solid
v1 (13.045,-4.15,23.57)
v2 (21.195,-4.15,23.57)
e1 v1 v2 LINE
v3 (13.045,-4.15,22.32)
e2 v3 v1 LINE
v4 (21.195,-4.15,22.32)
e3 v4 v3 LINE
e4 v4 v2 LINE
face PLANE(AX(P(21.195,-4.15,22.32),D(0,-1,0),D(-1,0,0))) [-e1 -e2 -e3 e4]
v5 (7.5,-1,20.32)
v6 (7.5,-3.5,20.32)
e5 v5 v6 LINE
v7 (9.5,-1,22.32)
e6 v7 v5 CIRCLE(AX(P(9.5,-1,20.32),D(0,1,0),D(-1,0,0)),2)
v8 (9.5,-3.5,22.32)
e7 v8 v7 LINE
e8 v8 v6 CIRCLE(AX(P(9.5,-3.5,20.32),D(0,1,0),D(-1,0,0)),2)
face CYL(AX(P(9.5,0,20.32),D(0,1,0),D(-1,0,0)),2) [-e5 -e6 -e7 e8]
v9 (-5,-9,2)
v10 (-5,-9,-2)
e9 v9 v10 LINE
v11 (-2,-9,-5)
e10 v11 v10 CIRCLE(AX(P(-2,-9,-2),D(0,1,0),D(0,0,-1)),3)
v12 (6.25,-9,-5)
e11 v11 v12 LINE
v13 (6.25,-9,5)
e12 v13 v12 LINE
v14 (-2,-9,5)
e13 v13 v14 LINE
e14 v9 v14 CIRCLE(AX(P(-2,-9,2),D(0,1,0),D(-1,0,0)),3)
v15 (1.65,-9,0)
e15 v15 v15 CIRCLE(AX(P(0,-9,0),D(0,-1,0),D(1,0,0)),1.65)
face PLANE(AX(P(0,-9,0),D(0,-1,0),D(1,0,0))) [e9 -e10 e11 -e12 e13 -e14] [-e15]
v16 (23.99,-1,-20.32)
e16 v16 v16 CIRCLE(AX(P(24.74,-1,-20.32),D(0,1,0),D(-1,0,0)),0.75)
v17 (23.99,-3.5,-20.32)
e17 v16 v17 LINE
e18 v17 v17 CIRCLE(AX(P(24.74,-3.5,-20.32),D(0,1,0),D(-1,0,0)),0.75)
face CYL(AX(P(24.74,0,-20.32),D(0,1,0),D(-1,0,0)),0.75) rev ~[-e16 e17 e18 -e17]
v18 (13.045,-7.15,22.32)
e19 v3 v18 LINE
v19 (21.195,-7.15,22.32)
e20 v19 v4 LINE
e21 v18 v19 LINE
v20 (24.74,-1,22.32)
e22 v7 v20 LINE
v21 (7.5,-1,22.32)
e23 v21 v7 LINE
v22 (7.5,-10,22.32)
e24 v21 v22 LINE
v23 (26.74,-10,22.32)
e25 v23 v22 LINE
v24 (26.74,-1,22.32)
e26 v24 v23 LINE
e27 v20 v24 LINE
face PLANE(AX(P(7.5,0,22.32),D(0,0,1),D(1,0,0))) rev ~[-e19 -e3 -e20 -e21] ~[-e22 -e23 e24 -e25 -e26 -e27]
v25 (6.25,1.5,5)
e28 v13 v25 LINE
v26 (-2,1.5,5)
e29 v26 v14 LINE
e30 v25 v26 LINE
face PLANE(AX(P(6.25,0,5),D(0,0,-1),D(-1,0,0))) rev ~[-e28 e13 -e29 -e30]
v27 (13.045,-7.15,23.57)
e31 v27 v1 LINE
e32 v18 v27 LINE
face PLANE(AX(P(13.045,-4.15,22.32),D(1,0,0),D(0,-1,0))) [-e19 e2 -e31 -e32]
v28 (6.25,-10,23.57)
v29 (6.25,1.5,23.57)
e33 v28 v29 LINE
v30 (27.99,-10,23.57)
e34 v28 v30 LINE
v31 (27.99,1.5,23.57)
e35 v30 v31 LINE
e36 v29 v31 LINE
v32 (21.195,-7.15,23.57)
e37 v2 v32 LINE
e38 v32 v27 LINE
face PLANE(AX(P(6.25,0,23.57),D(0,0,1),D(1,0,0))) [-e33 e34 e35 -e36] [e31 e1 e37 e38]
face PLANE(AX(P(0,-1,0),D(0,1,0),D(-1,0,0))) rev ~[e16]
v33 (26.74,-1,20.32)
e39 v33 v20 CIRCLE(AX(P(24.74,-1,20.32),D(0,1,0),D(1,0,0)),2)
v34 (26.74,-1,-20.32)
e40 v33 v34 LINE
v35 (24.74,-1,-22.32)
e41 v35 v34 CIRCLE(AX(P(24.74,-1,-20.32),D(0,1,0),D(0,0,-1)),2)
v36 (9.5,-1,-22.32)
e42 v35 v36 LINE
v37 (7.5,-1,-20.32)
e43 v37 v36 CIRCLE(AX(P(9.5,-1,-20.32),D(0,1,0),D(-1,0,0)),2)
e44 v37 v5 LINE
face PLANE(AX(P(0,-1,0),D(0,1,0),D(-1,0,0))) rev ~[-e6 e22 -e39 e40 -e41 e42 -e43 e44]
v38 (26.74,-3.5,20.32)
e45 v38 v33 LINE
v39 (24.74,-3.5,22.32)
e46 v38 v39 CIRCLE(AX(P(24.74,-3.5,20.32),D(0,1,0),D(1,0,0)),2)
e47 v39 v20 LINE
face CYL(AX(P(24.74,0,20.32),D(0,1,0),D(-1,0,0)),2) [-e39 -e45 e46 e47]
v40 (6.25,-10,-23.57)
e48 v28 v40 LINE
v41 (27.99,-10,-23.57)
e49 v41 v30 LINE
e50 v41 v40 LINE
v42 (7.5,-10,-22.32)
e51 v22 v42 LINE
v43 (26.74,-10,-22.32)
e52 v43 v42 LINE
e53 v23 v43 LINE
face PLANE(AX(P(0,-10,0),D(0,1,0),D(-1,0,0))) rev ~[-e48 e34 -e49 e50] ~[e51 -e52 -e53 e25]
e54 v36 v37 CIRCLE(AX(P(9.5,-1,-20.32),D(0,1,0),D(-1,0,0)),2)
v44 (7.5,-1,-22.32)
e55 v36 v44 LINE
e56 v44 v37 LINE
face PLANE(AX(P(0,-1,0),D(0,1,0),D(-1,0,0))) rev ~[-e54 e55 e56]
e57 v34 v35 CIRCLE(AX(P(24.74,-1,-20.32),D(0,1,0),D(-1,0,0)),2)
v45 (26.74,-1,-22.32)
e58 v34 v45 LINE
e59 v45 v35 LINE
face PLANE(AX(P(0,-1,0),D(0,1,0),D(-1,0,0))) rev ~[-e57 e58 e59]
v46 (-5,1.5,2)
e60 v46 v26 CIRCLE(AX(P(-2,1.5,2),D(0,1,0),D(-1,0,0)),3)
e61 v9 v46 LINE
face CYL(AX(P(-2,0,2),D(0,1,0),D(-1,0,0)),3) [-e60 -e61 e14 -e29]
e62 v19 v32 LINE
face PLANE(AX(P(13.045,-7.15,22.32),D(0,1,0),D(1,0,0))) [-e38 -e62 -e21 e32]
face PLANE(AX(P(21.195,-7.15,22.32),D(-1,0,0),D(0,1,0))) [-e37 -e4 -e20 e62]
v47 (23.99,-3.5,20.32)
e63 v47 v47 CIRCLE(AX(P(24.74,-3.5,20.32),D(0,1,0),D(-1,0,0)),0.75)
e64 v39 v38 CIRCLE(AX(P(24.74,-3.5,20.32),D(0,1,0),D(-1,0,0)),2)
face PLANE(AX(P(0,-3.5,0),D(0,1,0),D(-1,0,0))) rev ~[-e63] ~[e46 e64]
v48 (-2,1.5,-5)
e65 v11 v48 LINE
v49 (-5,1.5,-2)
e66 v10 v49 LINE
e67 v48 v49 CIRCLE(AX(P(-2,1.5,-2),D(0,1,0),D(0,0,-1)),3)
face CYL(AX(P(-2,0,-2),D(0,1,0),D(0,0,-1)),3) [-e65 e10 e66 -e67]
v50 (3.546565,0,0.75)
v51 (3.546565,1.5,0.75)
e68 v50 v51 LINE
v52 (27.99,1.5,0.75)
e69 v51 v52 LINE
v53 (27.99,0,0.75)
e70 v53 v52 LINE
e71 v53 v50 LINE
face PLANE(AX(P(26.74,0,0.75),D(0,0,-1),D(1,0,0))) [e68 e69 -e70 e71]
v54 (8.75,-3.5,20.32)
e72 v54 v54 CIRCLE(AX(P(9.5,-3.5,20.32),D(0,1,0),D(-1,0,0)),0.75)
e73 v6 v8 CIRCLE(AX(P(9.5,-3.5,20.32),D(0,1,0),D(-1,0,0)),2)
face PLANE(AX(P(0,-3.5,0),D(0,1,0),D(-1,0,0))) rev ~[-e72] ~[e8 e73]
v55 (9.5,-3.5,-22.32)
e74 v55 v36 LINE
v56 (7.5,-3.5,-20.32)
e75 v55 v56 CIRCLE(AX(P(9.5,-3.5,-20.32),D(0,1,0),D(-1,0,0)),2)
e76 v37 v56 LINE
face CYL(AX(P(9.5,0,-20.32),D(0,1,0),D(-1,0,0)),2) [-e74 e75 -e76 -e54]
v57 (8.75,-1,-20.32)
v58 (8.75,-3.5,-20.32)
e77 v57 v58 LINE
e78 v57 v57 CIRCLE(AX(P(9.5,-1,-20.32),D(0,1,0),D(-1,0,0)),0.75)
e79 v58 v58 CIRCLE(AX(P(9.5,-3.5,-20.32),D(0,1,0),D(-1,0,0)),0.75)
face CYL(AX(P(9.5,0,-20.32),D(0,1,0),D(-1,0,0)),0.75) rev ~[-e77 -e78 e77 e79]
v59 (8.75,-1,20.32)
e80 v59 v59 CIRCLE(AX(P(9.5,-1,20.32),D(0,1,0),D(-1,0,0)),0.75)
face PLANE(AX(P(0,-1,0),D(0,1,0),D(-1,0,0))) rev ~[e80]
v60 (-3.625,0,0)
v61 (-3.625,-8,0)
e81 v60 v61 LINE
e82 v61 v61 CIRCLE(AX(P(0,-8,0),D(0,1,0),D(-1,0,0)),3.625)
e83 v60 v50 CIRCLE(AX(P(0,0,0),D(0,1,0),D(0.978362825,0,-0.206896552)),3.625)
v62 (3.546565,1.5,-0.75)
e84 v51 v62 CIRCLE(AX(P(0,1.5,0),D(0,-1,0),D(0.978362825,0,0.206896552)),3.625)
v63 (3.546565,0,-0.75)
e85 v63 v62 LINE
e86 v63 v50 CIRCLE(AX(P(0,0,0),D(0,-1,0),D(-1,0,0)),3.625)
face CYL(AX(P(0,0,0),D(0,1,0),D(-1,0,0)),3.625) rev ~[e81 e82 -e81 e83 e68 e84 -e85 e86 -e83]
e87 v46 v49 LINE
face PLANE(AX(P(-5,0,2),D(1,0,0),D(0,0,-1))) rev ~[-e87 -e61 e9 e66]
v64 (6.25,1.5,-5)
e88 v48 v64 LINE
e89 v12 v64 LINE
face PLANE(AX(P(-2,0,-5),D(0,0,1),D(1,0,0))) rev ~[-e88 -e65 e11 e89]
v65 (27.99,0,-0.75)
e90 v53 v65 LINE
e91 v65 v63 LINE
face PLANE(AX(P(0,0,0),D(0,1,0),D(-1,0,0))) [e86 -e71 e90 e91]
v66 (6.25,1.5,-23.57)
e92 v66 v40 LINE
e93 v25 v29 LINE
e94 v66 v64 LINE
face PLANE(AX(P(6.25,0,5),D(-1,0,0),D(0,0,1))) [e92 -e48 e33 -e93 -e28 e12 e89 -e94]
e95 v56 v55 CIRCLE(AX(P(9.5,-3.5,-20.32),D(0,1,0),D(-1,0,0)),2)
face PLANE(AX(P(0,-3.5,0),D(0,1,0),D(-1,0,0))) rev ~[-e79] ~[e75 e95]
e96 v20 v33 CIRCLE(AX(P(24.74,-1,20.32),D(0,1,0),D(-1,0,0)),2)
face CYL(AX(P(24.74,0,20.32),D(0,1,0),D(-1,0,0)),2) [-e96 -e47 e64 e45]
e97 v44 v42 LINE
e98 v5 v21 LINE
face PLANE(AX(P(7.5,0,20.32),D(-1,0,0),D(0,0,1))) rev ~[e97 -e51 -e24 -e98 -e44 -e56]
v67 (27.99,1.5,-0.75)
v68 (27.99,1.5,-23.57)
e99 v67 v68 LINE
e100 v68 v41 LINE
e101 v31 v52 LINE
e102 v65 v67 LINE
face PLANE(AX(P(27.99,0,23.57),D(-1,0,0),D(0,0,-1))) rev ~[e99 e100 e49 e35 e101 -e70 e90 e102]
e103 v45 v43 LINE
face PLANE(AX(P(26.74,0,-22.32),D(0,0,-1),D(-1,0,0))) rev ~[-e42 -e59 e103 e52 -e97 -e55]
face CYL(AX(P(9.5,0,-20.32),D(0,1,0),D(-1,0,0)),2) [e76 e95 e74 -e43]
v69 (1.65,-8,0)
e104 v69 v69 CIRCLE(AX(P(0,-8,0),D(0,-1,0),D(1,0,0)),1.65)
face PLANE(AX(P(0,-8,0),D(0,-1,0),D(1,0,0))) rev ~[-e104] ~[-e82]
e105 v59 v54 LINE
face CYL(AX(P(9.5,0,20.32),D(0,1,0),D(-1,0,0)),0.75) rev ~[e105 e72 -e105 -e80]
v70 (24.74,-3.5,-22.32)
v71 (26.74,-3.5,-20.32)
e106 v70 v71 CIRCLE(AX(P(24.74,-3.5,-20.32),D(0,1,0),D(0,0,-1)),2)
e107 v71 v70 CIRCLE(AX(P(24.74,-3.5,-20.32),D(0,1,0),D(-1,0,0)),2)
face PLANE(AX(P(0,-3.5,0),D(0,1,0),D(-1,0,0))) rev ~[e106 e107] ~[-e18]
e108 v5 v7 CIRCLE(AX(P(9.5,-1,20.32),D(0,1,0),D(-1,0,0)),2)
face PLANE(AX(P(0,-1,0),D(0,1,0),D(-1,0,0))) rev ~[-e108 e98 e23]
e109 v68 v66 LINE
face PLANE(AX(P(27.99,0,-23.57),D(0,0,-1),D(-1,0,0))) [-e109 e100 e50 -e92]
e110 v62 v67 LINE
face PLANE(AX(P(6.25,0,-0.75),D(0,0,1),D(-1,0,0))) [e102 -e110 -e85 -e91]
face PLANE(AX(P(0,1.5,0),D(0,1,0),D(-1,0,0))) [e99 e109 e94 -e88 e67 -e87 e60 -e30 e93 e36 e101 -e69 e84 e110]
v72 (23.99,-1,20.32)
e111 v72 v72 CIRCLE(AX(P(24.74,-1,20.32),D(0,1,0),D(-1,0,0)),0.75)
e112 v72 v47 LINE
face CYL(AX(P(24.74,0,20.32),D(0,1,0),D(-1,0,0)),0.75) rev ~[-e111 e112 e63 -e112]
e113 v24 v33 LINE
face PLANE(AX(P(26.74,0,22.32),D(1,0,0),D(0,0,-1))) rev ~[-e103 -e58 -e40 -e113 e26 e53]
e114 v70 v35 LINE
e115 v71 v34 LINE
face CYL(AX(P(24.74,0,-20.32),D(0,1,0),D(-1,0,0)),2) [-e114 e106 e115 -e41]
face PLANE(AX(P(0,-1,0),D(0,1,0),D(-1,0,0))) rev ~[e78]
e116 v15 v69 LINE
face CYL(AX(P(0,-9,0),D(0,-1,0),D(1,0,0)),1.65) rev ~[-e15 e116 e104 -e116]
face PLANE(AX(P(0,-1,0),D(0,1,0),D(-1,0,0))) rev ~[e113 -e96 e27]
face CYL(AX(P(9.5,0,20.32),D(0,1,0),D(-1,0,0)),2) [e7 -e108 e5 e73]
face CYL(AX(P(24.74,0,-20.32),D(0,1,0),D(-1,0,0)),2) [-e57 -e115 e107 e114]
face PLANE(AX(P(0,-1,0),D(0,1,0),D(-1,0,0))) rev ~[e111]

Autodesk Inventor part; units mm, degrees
ref_plane "YZ Plane" through (0, 0, 0) normal (1, 0, 0) x (0, 1, 0)
ref_plane "XZ Plane" through (0, 0, 0) normal (0, 1, 0) x (-1, 0, 0)
ref_plane "XY Plane" through (0, 0, 0) normal (0, 0, 1) x (1, 0, 0)
sketch "Sketch1" plane through (0, 0, 0) normal (0, 1, 0) x (-1, 0, 0)
  line L0 (-7.5, 22.32) -> (-26.74, 22.32)
  line L1 (-26.74, 22.32) -> (-26.74, -22.32)
  line L2 (-26.74, -22.32) -> (-7.5, -22.32)
  line L3 (-7.5, -22.32) -> (-7.5, 22.32)
  line L4 (-7.5, 5) -> (2, 5)
  line L5 (5, 2) -> (5, -2)
  line L6 (2, -5) -> (-7.5, -5)
  line L7 (-7.5, -5) -> (-7.5, 5)
  line L8 (0, 0.75) -> (-7.5, 0.75)
  line L9 (-7.5, 0.75) -> (-7.5, -0.75)
  line L10 (-7.5, -0.75) -> (0, -0.75)
  line L11 (0, -0.75) -> (0, 0.75)
  circle A0 centre (0, 0) radius 3.625
  arc A1 (5, 2) -> (2, 5) centre (2, 2) ccw
  arc A2 (2, -5) -> (5, -2) centre (2, -2) ccw
  circle A3 centre (0, 0) radius 1.65
  line L12 (-9.5, 20.32) -> (-24.74, 20.32) construction
  line L13 (-24.74, 20.32) -> (-24.74, -20.32) construction
  line L14 (-24.74, -20.32) -> (-9.5, -20.32) construction
  line L15 (-9.5, -20.32) -> (-9.5, 20.32) construction
  circle A4 centre (-9.5, 20.32) radius 2
  circle A5 centre (-9.5, 20.32) radius 0.75
  circle A6 centre (-9.5, -20.32) radius 2
  circle A7 centre (-9.5, -20.32) radius 0.75
  circle A8 centre (-24.74, -20.32) radius 2
  circle A9 centre (-24.74, -20.32) radius 0.75
  circle A10 centre (-24.74, 20.32) radius 2
  circle A11 centre (-24.74, 20.32) radius 0.75
  line L16 (-27.99, -23.57) -> (-6.25, -23.57)
  line L17 (-6.25, -23.57) -> (-6.25, 23.57)
  line L18 (-6.25, 23.57) -> (-27.99, 23.57)
  line L19 (-27.99, 23.57) -> (-27.99, -23.57)
  line L20 (-7.5, 0.75) -> (-27.99, 0.75)
  line L21 (-27.99, 0.75) -> (-27.99, -0.75)
  line L22 (-27.99, -0.75) -> (-7.5, -0.75)
  line L23 (-7.5, -0.75) -> (-7.5, 0.75)
  point P0 (-6.25, -5)
  point P1 (-6.25, 5)
  point P2 (-3.5466, 0.75)
  point P3 (-3.5466, -0.75)
  point P4 (-27.99, 0)
  dimension "d2" = 10
  dimension "d3" = 12.5
  dimension "d4" = 7.25
  dimension "d5" = 1.5
  dimension "d6" = 0.75
  dimension "d7" = 0
  dimension "d8" = 5
  dimension "d10" = 5
  dimension "d11" = 3
  dimension "d12" = 3.3
  dimension "d13" = 40.64
  dimension "d14" = 15.24
  dimension "d15" = 1.5
  dimension "d16" = 4
  dimension "d17" = 1.25
  dimension "d18" = 1.25
  dimension "d19" = 1.25
  dimension "d20" = 1.25
  dimension "d21" = 20.32
  dimension "d25" = 0
extrude "Extrusion1" add sketch "Sketch1" along normal blind 1.5 contours L3 A4 L0 | L0 L1 L20 L19 L18 L17 L4 L3 | A4 L3 L20 L1 A10 L0 | A4 | A10 L1 L0 | A10 | L4 L17 L8 L3 | L4 A1 L5 A2 L6 L17 L10 A0 L8 | L10 L17 L6 L3 | L3 A6 L2 A8 L1 L22 | L1 L2 L3 L6 L17 L16 L19 L22 | A8 L2 L1 | A8 | A6 | L3 L2 A6 | A5 | A7 | A9 | A11
extrude "Extrusion2" add sketch "Sketch1" against normal blind 3.5 contours A4 | A10 | A8 | A6
extrude "Extrusion3" add sketch "Sketch1" against normal blind 1 contours L3 A4 L0 | L0 L1 L20 L19 L18 L17 L4 L3 | A4 L3 L20 L1 A10 L0 | A4 | A10 L1 L0 | A10 | L4 L17 L8 L3 | L8 L17 L10 L3 | L3 L22 L1 L20 | L1 L22 L19 L20 | L10 L17 L6 L3 | L3 A6 L2 A8 L1 L22 | L1 L2 L3 L6 L17 L16 L19 L22 | A8 L2 L1 | A8 | A6 | L3 L2 A6 | A5 | A7 | A9 | A11
extrude "Extrusion4" add sketch "Sketch1" against normal blind 9 contours L4 A1 L5 A2 L6 L17 L10 A0 L8 | L8 A0 L10 L17
extrude "Extrusion5" add sketch "Sketch1" against normal blind 10 contours L0 L1 L20 L19 L18 L17 L4 L3 | L4 L17 L8 L3 | L8 L17 L10 L3 | L1 L22 L19 L20 | L10 L17 L6 L3 | L1 L2 L3 L6 L17 L16 L19 L22
sketch "Sketch2" plane through (0, -9, 0) normal (0, -1, 0) x (1, 0, 0)
  circle A0 centre (0, 0) radius 3.625 projected
  circle A1 centre (0, 0) radius 1.65 projected
extrude "Extrusion6" add sketch "Sketch2" against normal blind 1
sketch "Sketch3" plane through (26.74, -10, 22.32) normal (0, 0, -1) x (-1, 0, 0)
  line L0 (17.99, 6.5) -> (16.49, 6.5) projected
  line L1 (2.75, 6.5) -> (1.25, 6.5) projected
  line L2 (13.695, 2.85) -> (5.545, 2.85)
  line L3 (5.545, 2.85) -> (5.545, 5.85)
  line L4 (5.545, 5.85) -> (13.695, 5.85)
  line L5 (13.695, 5.85) -> (13.695, 2.85)
  line L6 (-1.25, 0) -> (-1.25, 11.5) projected
  line L7 (20.49, 0) -> (20.49, 11.5) projected
  point P0 (26.74, 10)
  point P1 (13.695, 4.35)
  point P2 (2, 6.5)
  dimension "d36" = 8.15
  dimension "d37" = 3
  dimension "d38" = 21.74
  dimension "d39" = 6.795
  dimension "d42" = 0.65
extrude "Extrusion7" cut sketch "Sketch3" against normal through all
equation "\"d2\" = 2 * d8"
equation "\"d6\" = 0.5 * d5"
equation "\"d10\" = d8"
equation "\"d18\" = d17"
equation "\"d19\" = d18"
equation "\"d20\" = d18"
equation "\"d21\" = 0.5 * d13"
equation "\"d39\" = -0.5 * d36 + 0.5 * d38"
properties part number "Arduino Mount"
